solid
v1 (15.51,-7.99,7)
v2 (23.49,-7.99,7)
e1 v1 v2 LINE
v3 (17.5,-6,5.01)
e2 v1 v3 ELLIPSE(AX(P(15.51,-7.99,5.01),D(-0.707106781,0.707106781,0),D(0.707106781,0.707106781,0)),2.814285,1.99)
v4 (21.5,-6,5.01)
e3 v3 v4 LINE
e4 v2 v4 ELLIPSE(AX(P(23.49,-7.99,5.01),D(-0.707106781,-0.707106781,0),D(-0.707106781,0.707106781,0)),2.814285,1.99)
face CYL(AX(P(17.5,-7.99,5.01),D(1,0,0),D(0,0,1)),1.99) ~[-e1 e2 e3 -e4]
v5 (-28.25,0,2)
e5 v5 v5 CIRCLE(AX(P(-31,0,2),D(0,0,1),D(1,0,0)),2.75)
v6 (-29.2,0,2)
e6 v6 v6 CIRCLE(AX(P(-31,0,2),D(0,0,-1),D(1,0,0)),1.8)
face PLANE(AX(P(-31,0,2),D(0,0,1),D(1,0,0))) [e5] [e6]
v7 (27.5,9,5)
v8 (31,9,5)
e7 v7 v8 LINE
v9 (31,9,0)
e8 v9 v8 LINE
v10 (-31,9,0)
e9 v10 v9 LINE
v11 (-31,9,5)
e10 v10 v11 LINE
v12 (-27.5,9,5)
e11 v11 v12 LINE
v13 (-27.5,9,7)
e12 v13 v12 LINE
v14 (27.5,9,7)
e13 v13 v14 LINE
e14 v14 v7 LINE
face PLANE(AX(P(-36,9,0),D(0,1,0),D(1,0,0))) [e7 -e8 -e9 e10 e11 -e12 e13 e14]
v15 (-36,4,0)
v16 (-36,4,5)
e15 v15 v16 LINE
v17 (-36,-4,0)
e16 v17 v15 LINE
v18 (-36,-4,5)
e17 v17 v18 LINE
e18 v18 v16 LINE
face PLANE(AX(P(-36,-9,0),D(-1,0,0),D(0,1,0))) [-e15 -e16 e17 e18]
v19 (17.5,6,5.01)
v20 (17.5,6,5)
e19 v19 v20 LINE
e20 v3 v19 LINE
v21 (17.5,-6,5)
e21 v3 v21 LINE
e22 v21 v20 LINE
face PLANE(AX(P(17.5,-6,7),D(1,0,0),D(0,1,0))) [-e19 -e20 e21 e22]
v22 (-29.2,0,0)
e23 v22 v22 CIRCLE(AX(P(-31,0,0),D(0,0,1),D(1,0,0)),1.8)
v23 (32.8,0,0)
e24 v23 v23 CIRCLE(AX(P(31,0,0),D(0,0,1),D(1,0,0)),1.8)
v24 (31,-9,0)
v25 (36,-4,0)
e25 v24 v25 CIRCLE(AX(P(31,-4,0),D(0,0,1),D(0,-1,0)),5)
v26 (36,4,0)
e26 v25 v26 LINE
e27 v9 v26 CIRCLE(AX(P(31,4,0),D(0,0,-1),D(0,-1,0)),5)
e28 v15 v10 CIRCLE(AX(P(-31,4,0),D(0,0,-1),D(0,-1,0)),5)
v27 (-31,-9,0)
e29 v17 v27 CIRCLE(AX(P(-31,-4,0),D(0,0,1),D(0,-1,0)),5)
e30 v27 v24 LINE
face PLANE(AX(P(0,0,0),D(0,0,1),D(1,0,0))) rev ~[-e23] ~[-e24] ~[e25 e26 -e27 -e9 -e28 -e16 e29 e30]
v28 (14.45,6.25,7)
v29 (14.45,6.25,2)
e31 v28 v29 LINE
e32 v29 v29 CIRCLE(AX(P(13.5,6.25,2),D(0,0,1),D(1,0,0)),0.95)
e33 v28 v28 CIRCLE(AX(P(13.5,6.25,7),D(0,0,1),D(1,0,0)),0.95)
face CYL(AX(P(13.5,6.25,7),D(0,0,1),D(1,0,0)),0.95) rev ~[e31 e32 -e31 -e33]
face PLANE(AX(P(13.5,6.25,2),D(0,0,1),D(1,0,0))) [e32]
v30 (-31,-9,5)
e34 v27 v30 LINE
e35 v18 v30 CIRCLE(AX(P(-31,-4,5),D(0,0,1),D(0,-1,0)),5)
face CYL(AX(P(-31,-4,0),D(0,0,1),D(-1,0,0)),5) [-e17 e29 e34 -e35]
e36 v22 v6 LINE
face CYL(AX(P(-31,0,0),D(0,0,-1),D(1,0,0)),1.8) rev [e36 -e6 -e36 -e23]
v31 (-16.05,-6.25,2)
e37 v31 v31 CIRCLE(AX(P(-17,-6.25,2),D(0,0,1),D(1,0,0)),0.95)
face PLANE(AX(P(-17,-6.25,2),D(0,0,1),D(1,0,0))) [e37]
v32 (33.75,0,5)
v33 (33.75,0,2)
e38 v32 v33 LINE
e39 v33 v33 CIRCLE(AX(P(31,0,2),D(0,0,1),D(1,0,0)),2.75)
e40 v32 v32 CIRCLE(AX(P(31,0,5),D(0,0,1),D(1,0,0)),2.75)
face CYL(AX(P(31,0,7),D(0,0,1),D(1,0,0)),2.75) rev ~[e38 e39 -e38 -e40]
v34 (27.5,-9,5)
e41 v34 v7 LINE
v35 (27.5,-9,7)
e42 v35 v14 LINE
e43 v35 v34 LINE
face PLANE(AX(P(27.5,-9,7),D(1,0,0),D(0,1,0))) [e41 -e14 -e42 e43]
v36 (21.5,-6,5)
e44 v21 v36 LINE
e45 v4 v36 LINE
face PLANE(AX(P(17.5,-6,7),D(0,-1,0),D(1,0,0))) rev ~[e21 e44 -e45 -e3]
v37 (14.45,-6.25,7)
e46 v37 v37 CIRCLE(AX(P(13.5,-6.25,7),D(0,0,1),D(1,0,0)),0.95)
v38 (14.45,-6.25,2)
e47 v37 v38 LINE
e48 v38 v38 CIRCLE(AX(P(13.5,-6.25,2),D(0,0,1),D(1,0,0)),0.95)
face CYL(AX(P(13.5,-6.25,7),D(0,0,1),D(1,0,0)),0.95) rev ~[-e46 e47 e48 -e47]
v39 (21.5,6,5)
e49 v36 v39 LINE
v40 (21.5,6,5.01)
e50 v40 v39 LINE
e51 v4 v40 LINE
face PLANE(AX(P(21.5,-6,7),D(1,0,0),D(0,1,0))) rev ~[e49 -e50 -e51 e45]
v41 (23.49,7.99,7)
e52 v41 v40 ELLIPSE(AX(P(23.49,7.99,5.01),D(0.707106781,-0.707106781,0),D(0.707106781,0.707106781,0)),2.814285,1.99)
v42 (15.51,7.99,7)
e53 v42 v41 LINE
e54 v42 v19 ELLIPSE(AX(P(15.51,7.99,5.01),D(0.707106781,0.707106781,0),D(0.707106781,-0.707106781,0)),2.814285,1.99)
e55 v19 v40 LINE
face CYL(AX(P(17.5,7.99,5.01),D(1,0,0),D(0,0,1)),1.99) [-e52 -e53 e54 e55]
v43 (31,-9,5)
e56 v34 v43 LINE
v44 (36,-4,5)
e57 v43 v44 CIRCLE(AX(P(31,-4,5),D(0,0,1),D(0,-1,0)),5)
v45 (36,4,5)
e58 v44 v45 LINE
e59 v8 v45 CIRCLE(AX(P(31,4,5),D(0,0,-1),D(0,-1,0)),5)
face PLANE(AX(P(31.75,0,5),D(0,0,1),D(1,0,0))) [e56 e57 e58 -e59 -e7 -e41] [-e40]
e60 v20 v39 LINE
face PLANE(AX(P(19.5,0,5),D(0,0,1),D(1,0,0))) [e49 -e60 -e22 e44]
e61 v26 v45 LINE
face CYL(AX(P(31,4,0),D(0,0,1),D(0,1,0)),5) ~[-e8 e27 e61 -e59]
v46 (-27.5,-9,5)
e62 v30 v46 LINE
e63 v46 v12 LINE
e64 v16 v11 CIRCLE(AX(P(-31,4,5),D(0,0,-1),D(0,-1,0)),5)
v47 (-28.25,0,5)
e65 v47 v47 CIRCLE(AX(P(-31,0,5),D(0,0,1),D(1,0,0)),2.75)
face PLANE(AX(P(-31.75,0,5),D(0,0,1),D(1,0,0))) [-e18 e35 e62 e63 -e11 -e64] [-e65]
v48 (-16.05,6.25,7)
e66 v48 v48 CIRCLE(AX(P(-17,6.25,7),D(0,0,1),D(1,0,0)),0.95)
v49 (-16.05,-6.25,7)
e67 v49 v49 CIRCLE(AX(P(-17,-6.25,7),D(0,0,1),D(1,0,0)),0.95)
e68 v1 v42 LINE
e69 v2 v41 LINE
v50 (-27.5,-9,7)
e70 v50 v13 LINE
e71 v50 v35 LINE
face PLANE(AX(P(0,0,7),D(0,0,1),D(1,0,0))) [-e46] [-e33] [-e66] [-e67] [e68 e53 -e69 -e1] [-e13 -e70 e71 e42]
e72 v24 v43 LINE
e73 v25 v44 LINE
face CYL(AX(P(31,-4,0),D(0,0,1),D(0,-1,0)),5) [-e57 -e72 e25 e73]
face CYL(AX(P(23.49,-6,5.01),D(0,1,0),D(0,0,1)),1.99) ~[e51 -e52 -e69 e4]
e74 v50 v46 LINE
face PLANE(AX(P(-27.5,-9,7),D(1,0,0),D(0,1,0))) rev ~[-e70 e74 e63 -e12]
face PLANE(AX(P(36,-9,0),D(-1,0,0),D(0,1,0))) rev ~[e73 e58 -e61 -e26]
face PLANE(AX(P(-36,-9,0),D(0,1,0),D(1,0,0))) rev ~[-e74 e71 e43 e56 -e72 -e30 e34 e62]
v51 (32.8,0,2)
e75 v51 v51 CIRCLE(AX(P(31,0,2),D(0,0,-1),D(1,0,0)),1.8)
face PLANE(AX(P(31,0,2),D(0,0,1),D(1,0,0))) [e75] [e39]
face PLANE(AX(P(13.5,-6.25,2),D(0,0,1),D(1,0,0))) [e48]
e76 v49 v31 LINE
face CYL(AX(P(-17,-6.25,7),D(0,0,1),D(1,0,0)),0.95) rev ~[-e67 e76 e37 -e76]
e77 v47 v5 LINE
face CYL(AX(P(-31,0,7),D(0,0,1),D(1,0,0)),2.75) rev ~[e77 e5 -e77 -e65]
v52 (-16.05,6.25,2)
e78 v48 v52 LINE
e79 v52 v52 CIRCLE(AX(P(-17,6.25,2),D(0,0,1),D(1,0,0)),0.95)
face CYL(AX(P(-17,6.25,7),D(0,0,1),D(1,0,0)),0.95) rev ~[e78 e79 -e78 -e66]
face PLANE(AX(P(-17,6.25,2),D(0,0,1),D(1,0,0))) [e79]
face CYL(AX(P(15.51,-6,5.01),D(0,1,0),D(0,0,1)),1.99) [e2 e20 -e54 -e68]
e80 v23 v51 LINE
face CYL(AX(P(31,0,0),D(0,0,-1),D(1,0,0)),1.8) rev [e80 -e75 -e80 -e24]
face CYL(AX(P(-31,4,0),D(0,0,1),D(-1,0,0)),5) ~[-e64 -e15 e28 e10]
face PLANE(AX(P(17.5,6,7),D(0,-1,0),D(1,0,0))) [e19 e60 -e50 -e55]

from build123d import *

# Parameters (mm, degrees)
SKETCH_W        = 72
SKETCH_H        = 18
SKETCH_R        = 1.8
PAD_DEPTH       = 7
SKETCH001_R     = 2.75
POCKET_DEPTH    = 5
SKETCH002_W     = 8.5
SKETCH002_H     = 18
SKETCH002_W_2   = 4
SKETCH002_H_2   = 12
POCKET001_DEPTH = 2
SKETCH003_R     = 0.95
POCKET002_DEPTH = 5
FILLET_R        = 5
FILLET001_R     = 1.99


with BuildPart() as part:
    # Sketch → Pad (new body)
    with BuildSketch(Plane.XY):
        Rectangle(SKETCH_W, SKETCH_H)
        with Locations((-31, 0)):
            Circle(SKETCH_R, mode=Mode.SUBTRACT)
        with Locations((31, 0)):
            Circle(SKETCH_R, mode=Mode.SUBTRACT)
    extrude(amount=PAD_DEPTH)

    # Sketch001 (on Face8 of Pad) → Pocket (cut)
    with BuildSketch(Plane.XY.offset(7)):
        with Locations((-31, 0)):
            Circle(SKETCH001_R)
        with Locations((31, 0)):
            Circle(SKETCH001_R)
    extrude(amount=-POCKET_DEPTH, mode=Mode.SUBTRACT)

    # Sketch002 (on Face5 of Pocket) → Pocket001 (cut)
    with BuildSketch(Plane.XY.offset(7)):
        with Locations((-31.75, 0)):
            Rectangle(SKETCH002_W, SKETCH002_H)
        with Locations((31.75, 0)):
            Rectangle(SKETCH002_W, SKETCH002_H)
        with Locations((19.5, 0)):
            Rectangle(SKETCH002_W_2, SKETCH002_H_2)
    extrude(amount=-POCKET001_DEPTH, mode=Mode.SUBTRACT)

    # Sketch003 (on Face11 of Pocket001) → Pocket002 (cut)
    with BuildSketch(Plane.XY.offset(7)):
        with Locations((-17, 6.25)):
            Circle(SKETCH003_R)
        with Locations((-17, -6.25)):
            Circle(SKETCH003_R)
        with Locations((13.5, 6.25)):
            Circle(SKETCH003_R)
        with Locations((13.5, -6.25)):
            Circle(SKETCH003_R)
    extrude(amount=-POCKET002_DEPTH, mode=Mode.SUBTRACT)

    # Fillet
    fillet_edges = [part.edges().sort_by_distance(p)[0] for p in [
        (-36, -9, 2.5),
        (-36, 9, 2.5),
        (36, -9, 2.5),
        (36, 9, 2.5),
    ]]
    fillet(fillet_edges, radius=FILLET_R)

    # Fillet001
    fillet001_edges = [part.edges().sort_by_distance(p)[0] for p in [
        (21.5, 0, 7),
        (19.5, 6, 7),
        (17.5, 0, 7),
        (19.5, -6, 7),
    ]]
    fillet(fillet001_edges, radius=FILLET001_R)


solid = part.part
